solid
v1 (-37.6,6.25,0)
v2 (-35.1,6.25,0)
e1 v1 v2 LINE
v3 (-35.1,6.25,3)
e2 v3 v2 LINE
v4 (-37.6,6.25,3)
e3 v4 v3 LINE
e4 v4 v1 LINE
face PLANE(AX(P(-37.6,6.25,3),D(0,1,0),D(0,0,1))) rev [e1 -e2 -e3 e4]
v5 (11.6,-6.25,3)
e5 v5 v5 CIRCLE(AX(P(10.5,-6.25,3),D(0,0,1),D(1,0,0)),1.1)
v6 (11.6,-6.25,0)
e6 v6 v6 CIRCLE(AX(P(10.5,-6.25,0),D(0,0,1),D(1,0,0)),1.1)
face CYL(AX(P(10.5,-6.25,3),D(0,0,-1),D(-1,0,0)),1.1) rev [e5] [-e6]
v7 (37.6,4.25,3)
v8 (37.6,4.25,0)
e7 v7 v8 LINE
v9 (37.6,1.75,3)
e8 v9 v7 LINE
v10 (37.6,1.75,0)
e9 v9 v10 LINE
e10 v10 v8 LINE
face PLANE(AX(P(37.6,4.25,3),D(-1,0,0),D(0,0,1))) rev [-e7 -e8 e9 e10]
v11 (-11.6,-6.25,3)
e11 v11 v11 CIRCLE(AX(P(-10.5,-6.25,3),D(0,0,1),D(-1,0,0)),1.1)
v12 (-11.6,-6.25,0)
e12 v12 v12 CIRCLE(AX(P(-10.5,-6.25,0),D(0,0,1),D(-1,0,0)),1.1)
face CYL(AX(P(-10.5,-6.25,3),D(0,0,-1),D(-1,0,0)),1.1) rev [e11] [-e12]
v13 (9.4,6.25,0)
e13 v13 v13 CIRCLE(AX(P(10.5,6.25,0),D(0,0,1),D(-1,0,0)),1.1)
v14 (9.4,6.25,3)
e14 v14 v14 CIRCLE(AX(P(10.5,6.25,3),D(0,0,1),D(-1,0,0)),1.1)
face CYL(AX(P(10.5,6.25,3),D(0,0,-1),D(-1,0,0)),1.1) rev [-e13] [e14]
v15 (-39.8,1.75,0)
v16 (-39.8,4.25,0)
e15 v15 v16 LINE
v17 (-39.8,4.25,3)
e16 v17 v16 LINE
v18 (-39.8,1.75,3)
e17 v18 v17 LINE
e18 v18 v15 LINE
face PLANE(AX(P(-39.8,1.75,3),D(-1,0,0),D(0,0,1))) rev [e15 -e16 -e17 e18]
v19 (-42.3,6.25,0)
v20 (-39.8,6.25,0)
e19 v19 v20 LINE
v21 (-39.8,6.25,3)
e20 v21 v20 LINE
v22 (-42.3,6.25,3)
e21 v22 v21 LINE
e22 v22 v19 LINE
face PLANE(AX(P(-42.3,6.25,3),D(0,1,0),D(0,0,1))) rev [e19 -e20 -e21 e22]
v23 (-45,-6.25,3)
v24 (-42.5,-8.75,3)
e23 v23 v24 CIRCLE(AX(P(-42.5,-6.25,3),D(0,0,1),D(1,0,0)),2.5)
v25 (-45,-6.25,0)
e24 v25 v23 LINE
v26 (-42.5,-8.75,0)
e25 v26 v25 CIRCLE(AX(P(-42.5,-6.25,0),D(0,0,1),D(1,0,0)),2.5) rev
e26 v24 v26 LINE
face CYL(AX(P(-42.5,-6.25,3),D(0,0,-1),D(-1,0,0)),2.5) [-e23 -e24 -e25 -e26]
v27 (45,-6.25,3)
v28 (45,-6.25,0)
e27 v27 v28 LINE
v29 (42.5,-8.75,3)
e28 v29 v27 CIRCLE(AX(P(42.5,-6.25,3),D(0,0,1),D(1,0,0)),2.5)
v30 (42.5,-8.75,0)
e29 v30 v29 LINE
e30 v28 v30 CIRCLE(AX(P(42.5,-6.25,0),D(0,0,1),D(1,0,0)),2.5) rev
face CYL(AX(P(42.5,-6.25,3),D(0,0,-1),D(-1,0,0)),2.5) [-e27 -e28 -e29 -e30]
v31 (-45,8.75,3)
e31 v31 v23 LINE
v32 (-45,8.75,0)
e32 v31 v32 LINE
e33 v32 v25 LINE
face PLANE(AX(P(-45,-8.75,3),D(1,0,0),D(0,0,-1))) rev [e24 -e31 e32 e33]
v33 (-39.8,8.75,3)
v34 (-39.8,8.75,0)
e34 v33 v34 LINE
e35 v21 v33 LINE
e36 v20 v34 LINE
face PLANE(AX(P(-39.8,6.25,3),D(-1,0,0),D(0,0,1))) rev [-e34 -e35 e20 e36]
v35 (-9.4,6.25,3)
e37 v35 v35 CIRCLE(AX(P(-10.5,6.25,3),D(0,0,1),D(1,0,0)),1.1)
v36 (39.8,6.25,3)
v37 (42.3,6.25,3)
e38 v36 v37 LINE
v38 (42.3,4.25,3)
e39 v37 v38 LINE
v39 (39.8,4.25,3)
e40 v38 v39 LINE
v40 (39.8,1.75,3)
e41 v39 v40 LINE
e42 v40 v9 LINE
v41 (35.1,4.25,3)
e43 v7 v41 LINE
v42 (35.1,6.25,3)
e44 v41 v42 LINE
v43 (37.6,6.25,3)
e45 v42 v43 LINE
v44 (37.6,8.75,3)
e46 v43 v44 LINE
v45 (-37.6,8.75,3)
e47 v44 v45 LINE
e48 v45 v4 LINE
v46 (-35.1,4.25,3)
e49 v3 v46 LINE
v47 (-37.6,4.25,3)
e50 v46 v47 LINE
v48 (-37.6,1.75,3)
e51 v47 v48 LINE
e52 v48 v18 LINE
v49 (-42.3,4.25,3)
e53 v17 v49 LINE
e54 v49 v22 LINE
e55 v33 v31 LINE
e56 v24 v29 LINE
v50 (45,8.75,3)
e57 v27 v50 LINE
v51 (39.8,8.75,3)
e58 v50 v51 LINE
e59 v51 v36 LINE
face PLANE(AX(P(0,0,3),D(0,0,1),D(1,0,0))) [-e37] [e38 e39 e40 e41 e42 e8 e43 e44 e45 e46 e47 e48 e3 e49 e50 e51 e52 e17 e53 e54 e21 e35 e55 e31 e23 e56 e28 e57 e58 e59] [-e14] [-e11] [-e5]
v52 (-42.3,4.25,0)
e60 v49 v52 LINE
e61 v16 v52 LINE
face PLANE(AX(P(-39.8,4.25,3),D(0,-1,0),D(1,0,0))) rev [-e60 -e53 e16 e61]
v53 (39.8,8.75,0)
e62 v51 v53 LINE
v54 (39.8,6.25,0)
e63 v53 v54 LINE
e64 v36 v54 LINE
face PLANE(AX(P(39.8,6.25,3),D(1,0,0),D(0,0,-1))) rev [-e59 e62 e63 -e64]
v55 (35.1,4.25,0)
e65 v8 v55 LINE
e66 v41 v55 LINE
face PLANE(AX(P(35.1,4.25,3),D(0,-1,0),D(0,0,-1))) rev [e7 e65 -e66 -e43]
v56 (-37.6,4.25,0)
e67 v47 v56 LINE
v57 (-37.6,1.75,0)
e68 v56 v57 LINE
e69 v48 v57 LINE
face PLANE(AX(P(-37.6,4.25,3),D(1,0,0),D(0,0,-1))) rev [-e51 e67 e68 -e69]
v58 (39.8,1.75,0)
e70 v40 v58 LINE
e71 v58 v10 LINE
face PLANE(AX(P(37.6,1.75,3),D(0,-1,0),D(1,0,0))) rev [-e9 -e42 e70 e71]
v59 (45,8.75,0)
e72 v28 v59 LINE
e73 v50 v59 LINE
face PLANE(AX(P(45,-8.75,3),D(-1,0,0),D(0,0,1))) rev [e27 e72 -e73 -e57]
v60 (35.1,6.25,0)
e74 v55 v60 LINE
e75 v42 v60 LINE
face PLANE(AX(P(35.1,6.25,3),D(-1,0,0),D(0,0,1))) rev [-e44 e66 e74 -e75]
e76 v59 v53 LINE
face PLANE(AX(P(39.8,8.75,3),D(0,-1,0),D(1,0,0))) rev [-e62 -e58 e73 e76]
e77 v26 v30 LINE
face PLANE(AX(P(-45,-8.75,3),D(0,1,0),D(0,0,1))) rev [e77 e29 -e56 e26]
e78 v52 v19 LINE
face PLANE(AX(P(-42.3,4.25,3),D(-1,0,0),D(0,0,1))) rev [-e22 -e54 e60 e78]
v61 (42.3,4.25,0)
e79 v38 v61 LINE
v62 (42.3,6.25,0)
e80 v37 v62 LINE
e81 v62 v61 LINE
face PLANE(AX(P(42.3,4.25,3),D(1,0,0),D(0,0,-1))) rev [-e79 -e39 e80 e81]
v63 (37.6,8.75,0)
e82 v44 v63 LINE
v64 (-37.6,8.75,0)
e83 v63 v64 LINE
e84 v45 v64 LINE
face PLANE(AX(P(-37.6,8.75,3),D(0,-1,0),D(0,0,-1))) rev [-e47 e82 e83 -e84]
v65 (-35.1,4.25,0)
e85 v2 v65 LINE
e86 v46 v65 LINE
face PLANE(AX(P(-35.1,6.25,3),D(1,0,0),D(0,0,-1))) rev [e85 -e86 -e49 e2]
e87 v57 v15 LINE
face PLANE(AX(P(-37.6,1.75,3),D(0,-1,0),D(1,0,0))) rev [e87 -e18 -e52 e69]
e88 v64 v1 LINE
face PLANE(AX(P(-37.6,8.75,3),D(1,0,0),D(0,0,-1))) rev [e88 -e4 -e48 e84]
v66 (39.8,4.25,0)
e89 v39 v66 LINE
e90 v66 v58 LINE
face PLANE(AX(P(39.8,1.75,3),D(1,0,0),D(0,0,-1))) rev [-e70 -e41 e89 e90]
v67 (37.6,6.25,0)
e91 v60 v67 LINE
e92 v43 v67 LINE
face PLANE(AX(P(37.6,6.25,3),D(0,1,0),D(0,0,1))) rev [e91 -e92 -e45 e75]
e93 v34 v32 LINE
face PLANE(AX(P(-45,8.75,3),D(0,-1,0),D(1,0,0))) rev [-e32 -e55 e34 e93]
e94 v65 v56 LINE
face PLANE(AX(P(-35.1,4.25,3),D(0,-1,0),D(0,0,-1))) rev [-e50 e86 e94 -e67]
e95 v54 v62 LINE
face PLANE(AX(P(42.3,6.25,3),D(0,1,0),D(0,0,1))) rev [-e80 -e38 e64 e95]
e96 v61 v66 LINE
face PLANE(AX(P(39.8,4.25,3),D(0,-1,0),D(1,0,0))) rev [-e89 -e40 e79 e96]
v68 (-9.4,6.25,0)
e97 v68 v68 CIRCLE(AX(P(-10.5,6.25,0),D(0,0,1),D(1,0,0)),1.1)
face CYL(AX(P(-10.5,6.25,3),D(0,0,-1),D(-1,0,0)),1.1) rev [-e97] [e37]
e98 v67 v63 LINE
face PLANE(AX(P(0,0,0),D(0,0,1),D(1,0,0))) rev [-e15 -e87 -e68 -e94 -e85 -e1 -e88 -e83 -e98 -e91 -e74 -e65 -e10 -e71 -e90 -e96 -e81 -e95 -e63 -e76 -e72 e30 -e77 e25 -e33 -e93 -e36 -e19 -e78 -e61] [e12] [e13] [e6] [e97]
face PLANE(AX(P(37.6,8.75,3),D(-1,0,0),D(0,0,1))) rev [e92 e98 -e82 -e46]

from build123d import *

# Parameters (mm, degrees)
SKETCH1_R           = 1.1
BOSS_EXTRUDE1_DEPTH = 3
FILLET1_R           = 2.5


with BuildPart() as part:
    # Sketch1 → Boss-Extrude1 (new body)
    with BuildSketch(Plane.XY):
        Polygon((-45, -8.75), (45, -8.75), (45, 8.75), (39.8, 8.75), (39.8, 6.25), (42.3, 6.25), (42.3, 4.25), (39.8, 4.25), (39.8, 1.75), (37.6, 1.75), (37.6, 4.25), (35.1, 4.25), (35.1, 6.25), (37.6, 6.25), (37.6, 8.75), (-37.6, 8.75), (-37.6, 6.25), (-35.1, 6.25), (-35.1, 4.25), (-37.6, 4.25), (-37.6, 1.75), (-39.8, 1.75), (-39.8, 4.25), (-42.3, 4.25), (-42.3, 6.25), (-39.8, 6.25), (-39.8, 8.75), (-45, 8.75), align=None)
        with Locations((-10.5, 6.25)):
            Circle(SKETCH1_R, mode=Mode.SUBTRACT)
        with Locations(Location((-10.5, -6.25, 0), (0, 0, 180))):
            Circle(SKETCH1_R, mode=Mode.SUBTRACT)
        with Locations((10.5, -6.25)):
            Circle(SKETCH1_R, mode=Mode.SUBTRACT)
        with Locations(Location((10.5, 6.25, 0), (0, 0, 180))):
            Circle(SKETCH1_R, mode=Mode.SUBTRACT)
    extrude(amount=BOSS_EXTRUDE1_DEPTH)

    # Fillet1
    fillet1_edges = [part.edges().sort_by_distance(p)[0] for p in [
        (45, -8.75, 1.5),
        (-45, -8.75, 1.5),
    ]]
    fillet(fillet1_edges, radius=FILLET1_R)


solid = part.part
